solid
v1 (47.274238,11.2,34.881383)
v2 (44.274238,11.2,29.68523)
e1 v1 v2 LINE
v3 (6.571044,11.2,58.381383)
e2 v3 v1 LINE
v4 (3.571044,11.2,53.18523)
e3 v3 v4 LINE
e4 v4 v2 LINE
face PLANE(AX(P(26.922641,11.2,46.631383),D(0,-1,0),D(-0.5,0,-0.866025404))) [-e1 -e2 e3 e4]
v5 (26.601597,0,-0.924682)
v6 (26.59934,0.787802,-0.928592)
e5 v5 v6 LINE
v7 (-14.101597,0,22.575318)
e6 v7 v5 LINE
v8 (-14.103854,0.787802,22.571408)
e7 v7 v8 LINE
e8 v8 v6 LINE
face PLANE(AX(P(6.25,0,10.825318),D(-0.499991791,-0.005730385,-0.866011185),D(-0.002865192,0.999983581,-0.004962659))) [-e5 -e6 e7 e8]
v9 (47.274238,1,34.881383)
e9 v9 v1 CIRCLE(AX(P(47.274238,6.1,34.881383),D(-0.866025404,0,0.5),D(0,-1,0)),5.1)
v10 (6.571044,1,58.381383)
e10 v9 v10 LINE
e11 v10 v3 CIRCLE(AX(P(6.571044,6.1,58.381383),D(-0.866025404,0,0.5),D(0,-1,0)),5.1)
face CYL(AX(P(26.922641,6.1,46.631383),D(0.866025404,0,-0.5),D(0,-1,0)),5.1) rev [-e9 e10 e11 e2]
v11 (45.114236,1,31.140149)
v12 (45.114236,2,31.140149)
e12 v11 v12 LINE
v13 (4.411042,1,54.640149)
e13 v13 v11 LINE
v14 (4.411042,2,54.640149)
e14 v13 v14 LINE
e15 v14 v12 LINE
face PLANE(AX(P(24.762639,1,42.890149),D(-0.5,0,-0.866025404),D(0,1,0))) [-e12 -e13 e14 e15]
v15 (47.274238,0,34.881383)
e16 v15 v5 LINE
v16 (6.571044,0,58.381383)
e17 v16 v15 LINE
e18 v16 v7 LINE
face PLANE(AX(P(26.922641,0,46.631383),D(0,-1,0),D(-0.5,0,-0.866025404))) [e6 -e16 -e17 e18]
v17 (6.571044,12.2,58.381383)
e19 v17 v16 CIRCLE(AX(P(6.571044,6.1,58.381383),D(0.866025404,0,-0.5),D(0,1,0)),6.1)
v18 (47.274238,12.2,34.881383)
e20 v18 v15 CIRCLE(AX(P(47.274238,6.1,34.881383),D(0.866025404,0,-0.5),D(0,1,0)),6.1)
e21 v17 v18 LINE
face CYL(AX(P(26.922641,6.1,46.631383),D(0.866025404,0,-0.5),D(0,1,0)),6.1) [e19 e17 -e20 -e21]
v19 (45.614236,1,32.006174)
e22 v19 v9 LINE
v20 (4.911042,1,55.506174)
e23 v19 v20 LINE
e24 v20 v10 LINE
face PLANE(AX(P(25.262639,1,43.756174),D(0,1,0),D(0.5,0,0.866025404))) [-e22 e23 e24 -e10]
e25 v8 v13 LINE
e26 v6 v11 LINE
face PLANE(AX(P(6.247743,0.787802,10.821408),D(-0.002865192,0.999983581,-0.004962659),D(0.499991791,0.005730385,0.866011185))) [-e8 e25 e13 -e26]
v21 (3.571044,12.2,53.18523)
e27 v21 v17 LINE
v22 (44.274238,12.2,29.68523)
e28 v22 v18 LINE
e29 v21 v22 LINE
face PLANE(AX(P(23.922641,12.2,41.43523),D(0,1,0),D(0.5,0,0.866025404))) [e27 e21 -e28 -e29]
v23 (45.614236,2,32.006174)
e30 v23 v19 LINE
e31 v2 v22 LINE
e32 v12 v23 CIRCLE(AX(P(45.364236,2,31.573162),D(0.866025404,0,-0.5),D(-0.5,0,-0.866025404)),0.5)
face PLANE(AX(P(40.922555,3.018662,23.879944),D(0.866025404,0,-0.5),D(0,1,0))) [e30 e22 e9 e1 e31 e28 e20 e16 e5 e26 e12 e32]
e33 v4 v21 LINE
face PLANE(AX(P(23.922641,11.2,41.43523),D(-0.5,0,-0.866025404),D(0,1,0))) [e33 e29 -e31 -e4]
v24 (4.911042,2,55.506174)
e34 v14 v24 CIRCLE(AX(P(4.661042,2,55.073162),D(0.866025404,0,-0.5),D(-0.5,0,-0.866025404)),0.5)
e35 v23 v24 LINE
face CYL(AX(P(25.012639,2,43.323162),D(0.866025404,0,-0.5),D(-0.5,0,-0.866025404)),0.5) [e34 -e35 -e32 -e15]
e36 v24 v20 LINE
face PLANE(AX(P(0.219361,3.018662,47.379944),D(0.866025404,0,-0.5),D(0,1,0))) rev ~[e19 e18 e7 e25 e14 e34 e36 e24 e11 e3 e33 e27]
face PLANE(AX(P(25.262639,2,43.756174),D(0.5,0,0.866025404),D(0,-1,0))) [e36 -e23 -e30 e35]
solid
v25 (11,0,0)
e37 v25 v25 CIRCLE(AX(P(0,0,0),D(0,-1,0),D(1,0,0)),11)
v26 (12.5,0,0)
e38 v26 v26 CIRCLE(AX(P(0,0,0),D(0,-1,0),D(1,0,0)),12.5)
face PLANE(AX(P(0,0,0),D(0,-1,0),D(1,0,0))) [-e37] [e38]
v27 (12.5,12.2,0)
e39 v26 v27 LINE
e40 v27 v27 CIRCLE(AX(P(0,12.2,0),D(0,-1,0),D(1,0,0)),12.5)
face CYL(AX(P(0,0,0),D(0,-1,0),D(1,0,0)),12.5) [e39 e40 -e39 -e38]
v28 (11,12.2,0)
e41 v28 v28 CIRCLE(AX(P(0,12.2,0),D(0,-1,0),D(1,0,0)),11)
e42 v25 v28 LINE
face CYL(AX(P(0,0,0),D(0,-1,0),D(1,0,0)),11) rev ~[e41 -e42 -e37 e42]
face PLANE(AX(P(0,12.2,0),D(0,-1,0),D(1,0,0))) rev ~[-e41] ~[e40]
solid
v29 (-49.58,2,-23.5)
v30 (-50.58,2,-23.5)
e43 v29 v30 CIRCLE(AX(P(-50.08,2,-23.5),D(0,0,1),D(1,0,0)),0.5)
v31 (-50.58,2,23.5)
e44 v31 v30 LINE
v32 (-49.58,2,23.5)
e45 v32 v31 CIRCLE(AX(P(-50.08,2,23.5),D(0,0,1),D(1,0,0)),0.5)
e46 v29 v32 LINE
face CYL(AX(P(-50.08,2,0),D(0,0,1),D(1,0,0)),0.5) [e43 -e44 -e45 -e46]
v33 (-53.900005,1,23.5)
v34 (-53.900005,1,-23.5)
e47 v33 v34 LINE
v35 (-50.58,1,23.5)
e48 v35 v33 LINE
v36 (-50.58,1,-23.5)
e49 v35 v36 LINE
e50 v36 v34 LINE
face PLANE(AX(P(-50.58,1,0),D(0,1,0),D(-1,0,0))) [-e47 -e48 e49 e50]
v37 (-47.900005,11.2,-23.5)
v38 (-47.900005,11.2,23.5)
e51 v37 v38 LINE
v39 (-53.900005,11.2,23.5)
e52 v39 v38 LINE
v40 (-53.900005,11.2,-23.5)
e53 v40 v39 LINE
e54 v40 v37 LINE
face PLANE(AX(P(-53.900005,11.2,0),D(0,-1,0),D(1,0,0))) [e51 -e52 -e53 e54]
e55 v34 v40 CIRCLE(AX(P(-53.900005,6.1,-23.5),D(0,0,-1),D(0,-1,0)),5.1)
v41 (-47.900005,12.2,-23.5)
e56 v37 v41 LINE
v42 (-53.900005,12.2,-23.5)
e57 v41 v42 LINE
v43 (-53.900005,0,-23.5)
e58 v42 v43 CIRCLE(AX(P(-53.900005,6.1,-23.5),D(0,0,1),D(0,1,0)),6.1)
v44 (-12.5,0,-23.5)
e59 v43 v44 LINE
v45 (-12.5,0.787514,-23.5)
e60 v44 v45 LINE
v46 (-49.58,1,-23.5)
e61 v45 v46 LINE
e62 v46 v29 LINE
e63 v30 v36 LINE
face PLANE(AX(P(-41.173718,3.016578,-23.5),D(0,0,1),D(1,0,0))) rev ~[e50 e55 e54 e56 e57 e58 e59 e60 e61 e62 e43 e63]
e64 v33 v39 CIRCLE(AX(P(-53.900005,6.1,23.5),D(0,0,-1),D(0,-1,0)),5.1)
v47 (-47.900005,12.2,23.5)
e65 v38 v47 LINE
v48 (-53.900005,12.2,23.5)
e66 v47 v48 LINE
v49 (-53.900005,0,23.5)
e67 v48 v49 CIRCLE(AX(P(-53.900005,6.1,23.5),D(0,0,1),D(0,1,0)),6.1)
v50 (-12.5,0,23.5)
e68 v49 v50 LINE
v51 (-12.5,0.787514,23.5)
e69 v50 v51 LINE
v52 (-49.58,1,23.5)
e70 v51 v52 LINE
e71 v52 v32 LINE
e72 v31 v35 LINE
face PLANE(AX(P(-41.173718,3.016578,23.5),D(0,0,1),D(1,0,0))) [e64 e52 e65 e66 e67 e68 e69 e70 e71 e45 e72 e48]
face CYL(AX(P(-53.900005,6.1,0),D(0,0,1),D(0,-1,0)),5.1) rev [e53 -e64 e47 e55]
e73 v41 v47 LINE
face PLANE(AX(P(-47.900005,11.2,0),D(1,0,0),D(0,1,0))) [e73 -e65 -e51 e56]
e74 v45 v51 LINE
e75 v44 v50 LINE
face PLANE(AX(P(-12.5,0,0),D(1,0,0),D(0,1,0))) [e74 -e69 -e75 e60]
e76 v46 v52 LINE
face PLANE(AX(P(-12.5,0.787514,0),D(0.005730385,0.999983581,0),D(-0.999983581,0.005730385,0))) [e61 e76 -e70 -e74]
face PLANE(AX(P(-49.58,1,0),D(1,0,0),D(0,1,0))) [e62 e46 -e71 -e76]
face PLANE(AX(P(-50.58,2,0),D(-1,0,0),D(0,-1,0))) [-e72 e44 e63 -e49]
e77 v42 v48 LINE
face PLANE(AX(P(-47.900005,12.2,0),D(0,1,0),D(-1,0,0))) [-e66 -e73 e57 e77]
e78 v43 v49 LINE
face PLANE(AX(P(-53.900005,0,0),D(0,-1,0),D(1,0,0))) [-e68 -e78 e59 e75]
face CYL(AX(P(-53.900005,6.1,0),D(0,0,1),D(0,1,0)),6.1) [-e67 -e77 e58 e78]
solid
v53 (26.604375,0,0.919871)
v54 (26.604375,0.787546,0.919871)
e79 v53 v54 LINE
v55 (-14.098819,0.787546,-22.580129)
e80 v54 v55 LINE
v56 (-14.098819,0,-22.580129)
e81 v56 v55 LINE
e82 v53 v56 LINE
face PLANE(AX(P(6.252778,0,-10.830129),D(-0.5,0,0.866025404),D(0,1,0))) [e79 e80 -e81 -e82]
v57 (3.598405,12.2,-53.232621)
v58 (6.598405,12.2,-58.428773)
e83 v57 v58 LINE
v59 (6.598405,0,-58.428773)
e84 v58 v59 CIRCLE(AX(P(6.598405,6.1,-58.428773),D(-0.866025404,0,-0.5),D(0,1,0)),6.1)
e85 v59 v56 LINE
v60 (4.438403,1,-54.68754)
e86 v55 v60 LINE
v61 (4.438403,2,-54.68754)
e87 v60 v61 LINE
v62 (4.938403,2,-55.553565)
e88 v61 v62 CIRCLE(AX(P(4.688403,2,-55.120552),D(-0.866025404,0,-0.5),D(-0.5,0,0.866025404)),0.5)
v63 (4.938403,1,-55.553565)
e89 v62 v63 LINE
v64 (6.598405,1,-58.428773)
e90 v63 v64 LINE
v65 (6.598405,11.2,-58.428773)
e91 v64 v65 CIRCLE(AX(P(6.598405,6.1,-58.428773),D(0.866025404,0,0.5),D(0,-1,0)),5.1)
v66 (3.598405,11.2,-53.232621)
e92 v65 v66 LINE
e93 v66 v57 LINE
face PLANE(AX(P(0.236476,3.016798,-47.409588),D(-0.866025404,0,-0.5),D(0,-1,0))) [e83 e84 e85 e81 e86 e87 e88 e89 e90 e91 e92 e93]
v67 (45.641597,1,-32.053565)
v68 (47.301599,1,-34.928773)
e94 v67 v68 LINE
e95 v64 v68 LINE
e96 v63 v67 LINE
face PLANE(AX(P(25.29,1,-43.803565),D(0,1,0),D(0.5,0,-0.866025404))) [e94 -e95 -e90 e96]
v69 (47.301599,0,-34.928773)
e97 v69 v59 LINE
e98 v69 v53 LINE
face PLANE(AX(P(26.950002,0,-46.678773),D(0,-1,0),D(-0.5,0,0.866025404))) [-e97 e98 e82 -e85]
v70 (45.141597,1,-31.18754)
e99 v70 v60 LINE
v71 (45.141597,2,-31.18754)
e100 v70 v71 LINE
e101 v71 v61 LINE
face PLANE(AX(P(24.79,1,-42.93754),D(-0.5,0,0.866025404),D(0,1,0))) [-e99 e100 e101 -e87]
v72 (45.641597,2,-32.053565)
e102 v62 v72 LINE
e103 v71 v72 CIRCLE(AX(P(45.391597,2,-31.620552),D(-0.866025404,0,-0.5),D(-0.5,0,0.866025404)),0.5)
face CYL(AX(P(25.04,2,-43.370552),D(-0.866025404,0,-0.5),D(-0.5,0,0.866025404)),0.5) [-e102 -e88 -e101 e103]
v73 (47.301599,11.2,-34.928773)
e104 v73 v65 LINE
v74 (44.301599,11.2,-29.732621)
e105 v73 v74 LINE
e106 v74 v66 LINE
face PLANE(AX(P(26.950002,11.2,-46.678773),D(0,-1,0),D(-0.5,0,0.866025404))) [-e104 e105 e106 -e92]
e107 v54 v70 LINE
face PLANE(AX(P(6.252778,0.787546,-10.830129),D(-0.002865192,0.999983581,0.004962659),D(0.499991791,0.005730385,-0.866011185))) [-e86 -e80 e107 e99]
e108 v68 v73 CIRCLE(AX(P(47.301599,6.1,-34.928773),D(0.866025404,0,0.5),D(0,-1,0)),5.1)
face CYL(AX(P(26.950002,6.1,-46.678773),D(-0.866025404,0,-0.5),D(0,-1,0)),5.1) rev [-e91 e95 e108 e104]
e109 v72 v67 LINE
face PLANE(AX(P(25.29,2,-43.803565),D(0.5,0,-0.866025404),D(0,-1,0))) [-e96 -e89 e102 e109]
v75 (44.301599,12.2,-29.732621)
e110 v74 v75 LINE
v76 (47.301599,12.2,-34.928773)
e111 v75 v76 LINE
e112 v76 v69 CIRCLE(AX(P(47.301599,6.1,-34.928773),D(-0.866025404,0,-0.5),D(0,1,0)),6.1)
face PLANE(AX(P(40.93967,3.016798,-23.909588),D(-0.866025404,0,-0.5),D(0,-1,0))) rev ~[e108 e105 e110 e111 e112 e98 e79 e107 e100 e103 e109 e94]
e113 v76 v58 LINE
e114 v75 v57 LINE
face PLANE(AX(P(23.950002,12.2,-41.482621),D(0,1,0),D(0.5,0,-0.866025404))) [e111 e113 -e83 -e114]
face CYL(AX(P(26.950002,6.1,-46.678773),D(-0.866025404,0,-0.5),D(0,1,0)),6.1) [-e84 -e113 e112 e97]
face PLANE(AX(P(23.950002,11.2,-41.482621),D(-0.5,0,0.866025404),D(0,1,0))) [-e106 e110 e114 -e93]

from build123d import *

# Parameters (mm, degrees)
F0_R      = 12.5
F0_R_2    = 11
F1_DEPTH  = 12.2
F3_DEPTH  = 23.5
F7_DEPTH  = 23.5
F11_DEPTH = 23.5
F13_R     = 11
F14_DEPTH = 25


with BuildPart() as f1:
    # F0 (on Front) → F1 (new body)
    with BuildSketch(Plane.XZ):
        Circle(F0_R)
        Circle(F0_R_2, mode=Mode.SUBTRACT)
    extrude(amount=-F1_DEPTH)

    # F13 (on offset) → F14 (cut)
    with BuildSketch(Plane.XZ.offset(-12.2)):
        Circle(F13_R)
    extrude(amount=F14_DEPTH, mode=Mode.SUBTRACT)


with BuildPart() as f3:
    # F2 (on Top) → F3 (new body, symmetric)
    with BuildSketch(Plane.XY):
        with BuildLine():
            ThreePointArc((-53.9000045358, 1), (-59.0000045358, 6.1), (-53.9000045358, 11.2))
            Line((-53.9000045358, 11.2), (-47.9000045358, 11.2))
            Line((-47.9000045358, 11.2), (-47.9000045358, 12.2))
            Line((-47.9000045358, 12.2), (-53.9000045358, 12.2))
            ThreePointArc((-53.9000045358, 12.2), (-60.0000045358, 6.1), (-53.9000045358, 0))
            Line((-53.9000045358, 0), (-49.58, 0))
            Line((-49.58, 0), (-12.5, 0))
            Line((-12.5, 0), (-12.5, 0.7875138404))
            Line((-12.5, 0.7875138404), (-49.58, 1))
            Line((-49.58, 1), (-49.58, 2))
            ThreePointArc((-49.58, 2), (-50.08, 2.5), (-50.58, 2))
            Line((-50.58, 2), (-50.58, 1))
            Line((-50.58, 1), (-53.9000045358, 1))
        make_face()
    extrude(amount=F3_DEPTH, both=True)


with BuildPart() as f7:
    # F6 (on line) → F7 (new body, symmetric)
    with BuildSketch(Plane(origin=(0, 0, 0), x_dir=(0, -1, 0), z_dir=(-0.8660254038, 0, -0.5))):
        with BuildLine():
            ThreePointArc((-1, -53.9000045358), (-6.1, -59.0000045358), (-11.2, -53.9000045358))
            Line((-11.2, -53.9000045358), (-11.2, -47.9000045358))
            Line((-11.2, -47.9000045358), (-12.2, -47.9000045358))
            Line((-12.2, -47.9000045358), (-12.2, -53.9000045358))
            ThreePointArc((-12.2, -53.9000045358), (-6.1, -60.0000045358), (0, -53.9000045358))
            Line((0, -53.9000045358), (0, -49.58))
            Line((0, -49.58), (0, -12.5055553867))
            Line((0, -12.5055553867), (-0.7875456754, -12.5055553867))
            Line((-0.7875456754, -12.5055553867), (-1, -49.58))
            Line((-1, -49.58), (-2, -49.58))
            ThreePointArc((-2, -49.58), (-2.5, -50.08), (-2, -50.58))
            Line((-2, -50.58), (-1, -50.58))
            Line((-1, -50.58), (-1, -53.9000045358))
        make_face()
    extrude(amount=F7_DEPTH, both=True)


with BuildPart() as f11:
    # F10 (on line) → F11 (new body, symmetric)
    with BuildSketch(Plane(origin=(0, 0, 0), x_dir=(0, 1, 0), z_dir=(0.8660254038, 0, -0.5))):
        with BuildLine():
            ThreePointArc((1, 53.845282644), (6.1, 58.945282644), (11.2, 53.845282644))
            Line((11.2, 53.845282644), (11.2, 47.845282644))
            Line((11.2, 47.845282644), (12.2, 47.845282644))
            Line((12.2, 47.845282644), (12.2, 53.845282644))
            ThreePointArc((12.2, 53.845282644), (6.1, 59.945282644), (0, 53.845282644))
            Line((0, 53.845282644), (0, 49.5252781083))
            Line((0, 49.5252781083), (0, 12.5))
            Line((0, 12.5), (0.7878015529, 12.4954855198))
            Line((0.7878015529, 12.4954855198), (1, 49.5252781083))
            Line((1, 49.5252781083), (2, 49.5252781083))
            ThreePointArc((2, 49.5252781083), (2.5, 50.0252781083), (2, 50.5252781083))
            Line((2, 50.5252781083), (1, 50.5252781083))
            Line((1, 50.5252781083), (1, 53.845282644))
        make_face()
    extrude(amount=F11_DEPTH, both=True)


solid = Compound([f1.part, f3.part, f7.part, f11.part])
